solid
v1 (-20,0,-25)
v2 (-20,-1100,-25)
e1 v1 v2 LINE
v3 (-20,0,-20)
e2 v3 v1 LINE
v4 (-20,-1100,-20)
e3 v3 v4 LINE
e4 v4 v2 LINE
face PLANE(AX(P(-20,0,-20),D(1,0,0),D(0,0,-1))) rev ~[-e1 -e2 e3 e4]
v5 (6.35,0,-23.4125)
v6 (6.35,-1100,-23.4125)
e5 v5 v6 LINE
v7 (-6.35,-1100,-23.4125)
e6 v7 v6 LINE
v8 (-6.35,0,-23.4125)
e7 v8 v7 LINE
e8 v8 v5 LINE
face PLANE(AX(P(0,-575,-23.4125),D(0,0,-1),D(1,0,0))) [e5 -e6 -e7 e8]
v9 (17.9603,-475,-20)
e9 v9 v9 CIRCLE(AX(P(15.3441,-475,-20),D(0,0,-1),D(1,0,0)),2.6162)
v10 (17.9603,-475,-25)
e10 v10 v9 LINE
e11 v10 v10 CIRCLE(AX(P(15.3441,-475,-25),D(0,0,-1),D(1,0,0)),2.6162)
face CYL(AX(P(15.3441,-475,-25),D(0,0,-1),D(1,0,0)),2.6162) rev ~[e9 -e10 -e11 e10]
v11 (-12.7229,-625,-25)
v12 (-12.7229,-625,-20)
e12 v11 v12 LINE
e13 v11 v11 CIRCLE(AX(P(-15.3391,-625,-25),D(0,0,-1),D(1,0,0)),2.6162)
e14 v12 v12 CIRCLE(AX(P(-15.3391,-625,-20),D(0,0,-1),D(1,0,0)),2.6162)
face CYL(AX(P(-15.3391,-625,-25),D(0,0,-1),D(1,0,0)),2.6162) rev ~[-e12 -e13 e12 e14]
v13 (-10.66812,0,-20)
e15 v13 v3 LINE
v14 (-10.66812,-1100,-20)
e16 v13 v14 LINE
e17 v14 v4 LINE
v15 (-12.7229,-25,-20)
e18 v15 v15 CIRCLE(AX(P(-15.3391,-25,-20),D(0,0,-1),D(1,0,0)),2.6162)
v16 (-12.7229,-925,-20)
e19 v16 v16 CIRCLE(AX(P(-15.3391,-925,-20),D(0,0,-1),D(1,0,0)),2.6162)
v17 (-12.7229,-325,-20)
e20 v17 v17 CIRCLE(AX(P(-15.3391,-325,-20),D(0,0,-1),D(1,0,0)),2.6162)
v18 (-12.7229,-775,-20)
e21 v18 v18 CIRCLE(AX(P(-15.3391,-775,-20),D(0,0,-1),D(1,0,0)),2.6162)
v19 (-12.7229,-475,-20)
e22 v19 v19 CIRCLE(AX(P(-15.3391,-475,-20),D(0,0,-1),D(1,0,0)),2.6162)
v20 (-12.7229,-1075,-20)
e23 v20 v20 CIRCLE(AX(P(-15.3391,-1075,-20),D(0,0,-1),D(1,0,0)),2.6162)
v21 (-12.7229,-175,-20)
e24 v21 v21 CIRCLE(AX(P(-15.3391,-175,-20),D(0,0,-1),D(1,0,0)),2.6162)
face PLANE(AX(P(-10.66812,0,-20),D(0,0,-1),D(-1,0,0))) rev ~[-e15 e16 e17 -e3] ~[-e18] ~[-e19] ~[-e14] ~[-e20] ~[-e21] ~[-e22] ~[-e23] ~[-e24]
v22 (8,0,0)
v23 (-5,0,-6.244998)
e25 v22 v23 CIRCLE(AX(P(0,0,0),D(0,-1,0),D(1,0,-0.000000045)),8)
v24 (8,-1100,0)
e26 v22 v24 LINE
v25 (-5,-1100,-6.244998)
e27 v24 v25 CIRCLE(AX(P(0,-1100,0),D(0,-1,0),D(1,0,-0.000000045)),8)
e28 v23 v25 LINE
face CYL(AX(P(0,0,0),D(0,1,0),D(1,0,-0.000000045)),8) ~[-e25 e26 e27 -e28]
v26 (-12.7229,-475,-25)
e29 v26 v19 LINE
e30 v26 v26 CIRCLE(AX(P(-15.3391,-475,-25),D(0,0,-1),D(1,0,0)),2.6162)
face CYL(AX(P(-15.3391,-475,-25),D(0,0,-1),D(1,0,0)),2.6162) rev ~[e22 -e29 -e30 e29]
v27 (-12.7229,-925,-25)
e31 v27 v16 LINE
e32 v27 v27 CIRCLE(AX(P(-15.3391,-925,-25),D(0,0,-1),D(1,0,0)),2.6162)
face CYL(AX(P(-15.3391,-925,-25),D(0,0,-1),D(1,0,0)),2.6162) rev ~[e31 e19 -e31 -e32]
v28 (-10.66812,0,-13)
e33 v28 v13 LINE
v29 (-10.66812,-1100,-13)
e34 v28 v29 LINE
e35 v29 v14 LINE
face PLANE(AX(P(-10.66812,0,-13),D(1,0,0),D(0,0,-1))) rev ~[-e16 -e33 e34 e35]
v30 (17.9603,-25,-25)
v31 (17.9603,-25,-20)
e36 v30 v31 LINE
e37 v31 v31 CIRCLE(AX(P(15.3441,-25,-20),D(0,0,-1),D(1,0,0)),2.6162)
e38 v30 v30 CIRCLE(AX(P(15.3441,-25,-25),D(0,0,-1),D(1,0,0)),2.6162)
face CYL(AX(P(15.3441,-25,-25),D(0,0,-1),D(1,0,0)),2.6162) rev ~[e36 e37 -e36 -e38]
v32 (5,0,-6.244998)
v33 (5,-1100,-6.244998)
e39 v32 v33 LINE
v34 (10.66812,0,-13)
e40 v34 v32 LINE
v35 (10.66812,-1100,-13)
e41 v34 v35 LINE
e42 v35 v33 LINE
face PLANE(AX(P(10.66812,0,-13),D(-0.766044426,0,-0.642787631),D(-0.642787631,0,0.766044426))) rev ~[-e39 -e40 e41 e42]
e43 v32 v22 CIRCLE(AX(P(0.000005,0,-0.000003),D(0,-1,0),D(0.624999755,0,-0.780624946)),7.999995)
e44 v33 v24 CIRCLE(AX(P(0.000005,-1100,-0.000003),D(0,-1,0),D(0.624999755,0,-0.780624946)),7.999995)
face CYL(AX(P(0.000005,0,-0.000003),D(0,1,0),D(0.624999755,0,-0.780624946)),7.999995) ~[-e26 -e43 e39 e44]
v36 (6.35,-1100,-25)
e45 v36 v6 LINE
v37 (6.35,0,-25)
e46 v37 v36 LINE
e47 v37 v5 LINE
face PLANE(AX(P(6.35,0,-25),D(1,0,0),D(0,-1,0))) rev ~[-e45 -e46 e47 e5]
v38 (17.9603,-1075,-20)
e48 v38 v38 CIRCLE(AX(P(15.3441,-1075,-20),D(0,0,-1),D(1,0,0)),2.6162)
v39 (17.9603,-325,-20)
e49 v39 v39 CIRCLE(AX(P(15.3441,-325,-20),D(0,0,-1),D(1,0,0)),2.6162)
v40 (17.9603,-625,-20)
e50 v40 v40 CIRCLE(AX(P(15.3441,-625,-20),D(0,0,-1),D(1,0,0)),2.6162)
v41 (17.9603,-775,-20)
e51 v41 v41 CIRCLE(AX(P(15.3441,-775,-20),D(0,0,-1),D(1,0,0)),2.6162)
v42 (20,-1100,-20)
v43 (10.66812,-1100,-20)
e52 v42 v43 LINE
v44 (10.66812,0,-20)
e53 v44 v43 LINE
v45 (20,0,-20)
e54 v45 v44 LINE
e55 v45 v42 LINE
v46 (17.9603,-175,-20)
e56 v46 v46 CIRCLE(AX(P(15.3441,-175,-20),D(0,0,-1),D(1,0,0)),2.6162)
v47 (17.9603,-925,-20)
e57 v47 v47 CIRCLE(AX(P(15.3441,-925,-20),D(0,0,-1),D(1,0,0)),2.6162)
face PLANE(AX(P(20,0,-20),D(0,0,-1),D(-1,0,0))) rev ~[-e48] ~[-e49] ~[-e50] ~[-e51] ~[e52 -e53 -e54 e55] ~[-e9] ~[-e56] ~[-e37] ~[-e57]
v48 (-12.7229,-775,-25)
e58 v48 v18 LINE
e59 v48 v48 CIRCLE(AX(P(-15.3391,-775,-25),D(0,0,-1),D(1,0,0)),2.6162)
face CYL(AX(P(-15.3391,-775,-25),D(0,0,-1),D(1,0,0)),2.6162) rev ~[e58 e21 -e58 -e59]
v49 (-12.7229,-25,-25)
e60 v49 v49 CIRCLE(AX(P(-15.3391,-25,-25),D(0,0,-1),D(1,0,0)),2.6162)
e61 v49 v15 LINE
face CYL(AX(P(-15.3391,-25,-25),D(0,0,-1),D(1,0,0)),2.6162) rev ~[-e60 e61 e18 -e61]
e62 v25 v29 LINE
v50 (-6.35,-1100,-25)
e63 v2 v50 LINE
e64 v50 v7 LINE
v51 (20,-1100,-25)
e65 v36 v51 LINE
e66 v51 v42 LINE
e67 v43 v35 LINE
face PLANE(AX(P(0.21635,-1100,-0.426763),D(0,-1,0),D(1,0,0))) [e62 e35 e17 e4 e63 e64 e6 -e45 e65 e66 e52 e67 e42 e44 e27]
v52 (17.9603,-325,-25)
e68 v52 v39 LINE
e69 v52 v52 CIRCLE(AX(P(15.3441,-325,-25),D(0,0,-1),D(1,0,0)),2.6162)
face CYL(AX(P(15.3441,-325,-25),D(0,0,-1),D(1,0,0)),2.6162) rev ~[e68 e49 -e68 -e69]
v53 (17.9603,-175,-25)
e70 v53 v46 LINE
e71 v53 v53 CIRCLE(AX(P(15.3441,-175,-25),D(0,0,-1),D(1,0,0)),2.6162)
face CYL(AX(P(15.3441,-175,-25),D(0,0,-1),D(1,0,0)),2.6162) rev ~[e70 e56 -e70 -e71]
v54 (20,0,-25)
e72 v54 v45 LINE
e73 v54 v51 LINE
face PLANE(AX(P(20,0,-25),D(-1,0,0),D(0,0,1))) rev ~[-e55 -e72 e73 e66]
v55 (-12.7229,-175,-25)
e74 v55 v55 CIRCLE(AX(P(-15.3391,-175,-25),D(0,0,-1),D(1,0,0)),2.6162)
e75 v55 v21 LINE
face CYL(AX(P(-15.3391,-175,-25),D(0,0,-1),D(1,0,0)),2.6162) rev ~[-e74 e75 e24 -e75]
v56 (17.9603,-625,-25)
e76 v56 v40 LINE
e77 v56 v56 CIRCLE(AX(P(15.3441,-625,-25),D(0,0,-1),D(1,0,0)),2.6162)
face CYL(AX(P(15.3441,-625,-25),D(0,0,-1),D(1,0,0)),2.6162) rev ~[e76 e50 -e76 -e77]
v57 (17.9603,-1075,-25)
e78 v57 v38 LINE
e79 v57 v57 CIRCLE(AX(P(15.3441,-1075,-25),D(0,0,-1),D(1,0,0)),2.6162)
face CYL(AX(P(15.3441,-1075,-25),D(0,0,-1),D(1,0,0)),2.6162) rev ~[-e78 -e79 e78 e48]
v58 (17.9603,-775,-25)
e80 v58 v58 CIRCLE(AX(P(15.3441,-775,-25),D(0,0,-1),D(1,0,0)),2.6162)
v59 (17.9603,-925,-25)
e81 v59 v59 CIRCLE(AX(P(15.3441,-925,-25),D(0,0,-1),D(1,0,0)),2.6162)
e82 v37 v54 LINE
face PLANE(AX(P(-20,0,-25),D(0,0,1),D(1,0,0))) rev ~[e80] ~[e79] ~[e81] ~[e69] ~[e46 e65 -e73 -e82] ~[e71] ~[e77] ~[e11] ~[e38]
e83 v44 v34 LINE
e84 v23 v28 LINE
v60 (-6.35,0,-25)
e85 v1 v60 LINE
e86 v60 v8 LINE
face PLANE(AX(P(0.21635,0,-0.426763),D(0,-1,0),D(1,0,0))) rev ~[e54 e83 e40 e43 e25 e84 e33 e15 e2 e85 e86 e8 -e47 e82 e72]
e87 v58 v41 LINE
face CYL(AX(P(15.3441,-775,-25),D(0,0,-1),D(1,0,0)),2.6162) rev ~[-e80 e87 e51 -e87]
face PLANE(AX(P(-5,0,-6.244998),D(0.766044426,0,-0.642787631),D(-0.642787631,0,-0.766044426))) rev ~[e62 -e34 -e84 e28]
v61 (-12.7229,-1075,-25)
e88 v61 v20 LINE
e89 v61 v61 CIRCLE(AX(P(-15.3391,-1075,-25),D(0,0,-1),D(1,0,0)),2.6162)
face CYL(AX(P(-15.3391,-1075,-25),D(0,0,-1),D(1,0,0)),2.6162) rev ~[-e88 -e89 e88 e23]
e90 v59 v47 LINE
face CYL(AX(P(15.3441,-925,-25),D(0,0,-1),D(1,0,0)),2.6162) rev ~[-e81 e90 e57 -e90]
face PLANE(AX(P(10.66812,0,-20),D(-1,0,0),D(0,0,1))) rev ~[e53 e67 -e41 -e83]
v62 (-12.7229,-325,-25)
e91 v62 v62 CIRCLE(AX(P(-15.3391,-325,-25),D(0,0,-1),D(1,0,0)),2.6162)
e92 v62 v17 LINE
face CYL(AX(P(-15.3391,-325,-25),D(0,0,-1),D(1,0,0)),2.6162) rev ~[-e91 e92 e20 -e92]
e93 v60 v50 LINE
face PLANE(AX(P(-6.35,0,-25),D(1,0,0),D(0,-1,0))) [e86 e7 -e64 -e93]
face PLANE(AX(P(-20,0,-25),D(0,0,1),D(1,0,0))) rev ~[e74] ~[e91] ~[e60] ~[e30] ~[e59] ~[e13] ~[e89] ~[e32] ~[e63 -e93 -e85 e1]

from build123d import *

# Parameters (mm, degrees)
F1_DEPTH = 1100
F2_W     = 12.7
F2_H     = 1150
F3_DEPTH = 1.5875
F4_R     = 2.6162
F5_DEPTH = 33.001


with BuildPart() as f1:
    # F0 (on Front) → F1 (new body)
    with BuildSketch(Plane.XZ):
        with BuildLine():
            ThreePointArc((5, -6.244998), (7.211103, -3.464102), (8, 0))
            ThreePointArc((8, 0), (-3.464102, 7.211103), (-5, -6.244998))
            ThreePointArc((-5, -6.244998), (0, -8), (5, -6.244998))
        make_face()
        with BuildLine():
            ThreePointArc((5, -6.244998), (0, -8), (-5, -6.244998))
            Line((-5, -6.244998), (-10.66812, -13))
            Line((-10.66812, -13), (-10.66812, -20))
            Line((-10.66812, -20), (-20, -20))
            Line((-20, -20), (-20, -25))
            Line((-20, -25), (20, -25))
            Line((20, -25), (20, -20))
            Line((20, -20), (16.541817, -20))
            Line((16.541817, -20), (10.66812, -20))
            Line((10.66812, -20), (10.66812, -13))
            Line((10.66812, -13), (5, -6.244998))
        make_face()
    extrude(amount=F1_DEPTH)

    # F2 (on face) → F3 (cut)
    with BuildSketch(Plane(origin=(0, 0, -25), x_dir=(1, 0, 0), z_dir=(0, 0, -1))):
        with Locations((0, 575)):
            Rectangle(F2_W, F2_H)
    extrude(amount=-F3_DEPTH, mode=Mode.SUBTRACT)

    # F4 (on face) → F5 (cut, through all)
    with BuildSketch(Plane(origin=(0, 0, -25), x_dir=(1, 0, 0), z_dir=(0, 0, -1))):
        with Locations((-15.3391, 1075)):
            Circle(F4_R)
        with Locations((15.3441, 1075)):
            Circle(F4_R)
        with Locations((-15.3391, 925)):
            Circle(F4_R)
        with Locations((15.3441, 925)):
            Circle(F4_R)
        with Locations((-15.3391, 775)):
            Circle(F4_R)
        with Locations((15.3441, 775)):
            Circle(F4_R)
        with Locations((-15.3391, 625)):
            Circle(F4_R)
        with Locations((15.3441, 625)):
            Circle(F4_R)
        with Locations((-15.3391, 475)):
            Circle(F4_R)
        with Locations((15.3441, 475)):
            Circle(F4_R)
        with Locations((-15.3391, 325)):
            Circle(F4_R)
        with Locations((15.3441, 325)):
            Circle(F4_R)
        with Locations((-15.3391, 175)):
            Circle(F4_R)
        with Locations((15.3441, 175)):
            Circle(F4_R)
        with Locations((-15.3391, 25)):
            Circle(F4_R)
        with Locations((15.3441, 25)):
            Circle(F4_R)
    extrude(amount=-F5_DEPTH, mode=Mode.SUBTRACT)


solid = f1.part
